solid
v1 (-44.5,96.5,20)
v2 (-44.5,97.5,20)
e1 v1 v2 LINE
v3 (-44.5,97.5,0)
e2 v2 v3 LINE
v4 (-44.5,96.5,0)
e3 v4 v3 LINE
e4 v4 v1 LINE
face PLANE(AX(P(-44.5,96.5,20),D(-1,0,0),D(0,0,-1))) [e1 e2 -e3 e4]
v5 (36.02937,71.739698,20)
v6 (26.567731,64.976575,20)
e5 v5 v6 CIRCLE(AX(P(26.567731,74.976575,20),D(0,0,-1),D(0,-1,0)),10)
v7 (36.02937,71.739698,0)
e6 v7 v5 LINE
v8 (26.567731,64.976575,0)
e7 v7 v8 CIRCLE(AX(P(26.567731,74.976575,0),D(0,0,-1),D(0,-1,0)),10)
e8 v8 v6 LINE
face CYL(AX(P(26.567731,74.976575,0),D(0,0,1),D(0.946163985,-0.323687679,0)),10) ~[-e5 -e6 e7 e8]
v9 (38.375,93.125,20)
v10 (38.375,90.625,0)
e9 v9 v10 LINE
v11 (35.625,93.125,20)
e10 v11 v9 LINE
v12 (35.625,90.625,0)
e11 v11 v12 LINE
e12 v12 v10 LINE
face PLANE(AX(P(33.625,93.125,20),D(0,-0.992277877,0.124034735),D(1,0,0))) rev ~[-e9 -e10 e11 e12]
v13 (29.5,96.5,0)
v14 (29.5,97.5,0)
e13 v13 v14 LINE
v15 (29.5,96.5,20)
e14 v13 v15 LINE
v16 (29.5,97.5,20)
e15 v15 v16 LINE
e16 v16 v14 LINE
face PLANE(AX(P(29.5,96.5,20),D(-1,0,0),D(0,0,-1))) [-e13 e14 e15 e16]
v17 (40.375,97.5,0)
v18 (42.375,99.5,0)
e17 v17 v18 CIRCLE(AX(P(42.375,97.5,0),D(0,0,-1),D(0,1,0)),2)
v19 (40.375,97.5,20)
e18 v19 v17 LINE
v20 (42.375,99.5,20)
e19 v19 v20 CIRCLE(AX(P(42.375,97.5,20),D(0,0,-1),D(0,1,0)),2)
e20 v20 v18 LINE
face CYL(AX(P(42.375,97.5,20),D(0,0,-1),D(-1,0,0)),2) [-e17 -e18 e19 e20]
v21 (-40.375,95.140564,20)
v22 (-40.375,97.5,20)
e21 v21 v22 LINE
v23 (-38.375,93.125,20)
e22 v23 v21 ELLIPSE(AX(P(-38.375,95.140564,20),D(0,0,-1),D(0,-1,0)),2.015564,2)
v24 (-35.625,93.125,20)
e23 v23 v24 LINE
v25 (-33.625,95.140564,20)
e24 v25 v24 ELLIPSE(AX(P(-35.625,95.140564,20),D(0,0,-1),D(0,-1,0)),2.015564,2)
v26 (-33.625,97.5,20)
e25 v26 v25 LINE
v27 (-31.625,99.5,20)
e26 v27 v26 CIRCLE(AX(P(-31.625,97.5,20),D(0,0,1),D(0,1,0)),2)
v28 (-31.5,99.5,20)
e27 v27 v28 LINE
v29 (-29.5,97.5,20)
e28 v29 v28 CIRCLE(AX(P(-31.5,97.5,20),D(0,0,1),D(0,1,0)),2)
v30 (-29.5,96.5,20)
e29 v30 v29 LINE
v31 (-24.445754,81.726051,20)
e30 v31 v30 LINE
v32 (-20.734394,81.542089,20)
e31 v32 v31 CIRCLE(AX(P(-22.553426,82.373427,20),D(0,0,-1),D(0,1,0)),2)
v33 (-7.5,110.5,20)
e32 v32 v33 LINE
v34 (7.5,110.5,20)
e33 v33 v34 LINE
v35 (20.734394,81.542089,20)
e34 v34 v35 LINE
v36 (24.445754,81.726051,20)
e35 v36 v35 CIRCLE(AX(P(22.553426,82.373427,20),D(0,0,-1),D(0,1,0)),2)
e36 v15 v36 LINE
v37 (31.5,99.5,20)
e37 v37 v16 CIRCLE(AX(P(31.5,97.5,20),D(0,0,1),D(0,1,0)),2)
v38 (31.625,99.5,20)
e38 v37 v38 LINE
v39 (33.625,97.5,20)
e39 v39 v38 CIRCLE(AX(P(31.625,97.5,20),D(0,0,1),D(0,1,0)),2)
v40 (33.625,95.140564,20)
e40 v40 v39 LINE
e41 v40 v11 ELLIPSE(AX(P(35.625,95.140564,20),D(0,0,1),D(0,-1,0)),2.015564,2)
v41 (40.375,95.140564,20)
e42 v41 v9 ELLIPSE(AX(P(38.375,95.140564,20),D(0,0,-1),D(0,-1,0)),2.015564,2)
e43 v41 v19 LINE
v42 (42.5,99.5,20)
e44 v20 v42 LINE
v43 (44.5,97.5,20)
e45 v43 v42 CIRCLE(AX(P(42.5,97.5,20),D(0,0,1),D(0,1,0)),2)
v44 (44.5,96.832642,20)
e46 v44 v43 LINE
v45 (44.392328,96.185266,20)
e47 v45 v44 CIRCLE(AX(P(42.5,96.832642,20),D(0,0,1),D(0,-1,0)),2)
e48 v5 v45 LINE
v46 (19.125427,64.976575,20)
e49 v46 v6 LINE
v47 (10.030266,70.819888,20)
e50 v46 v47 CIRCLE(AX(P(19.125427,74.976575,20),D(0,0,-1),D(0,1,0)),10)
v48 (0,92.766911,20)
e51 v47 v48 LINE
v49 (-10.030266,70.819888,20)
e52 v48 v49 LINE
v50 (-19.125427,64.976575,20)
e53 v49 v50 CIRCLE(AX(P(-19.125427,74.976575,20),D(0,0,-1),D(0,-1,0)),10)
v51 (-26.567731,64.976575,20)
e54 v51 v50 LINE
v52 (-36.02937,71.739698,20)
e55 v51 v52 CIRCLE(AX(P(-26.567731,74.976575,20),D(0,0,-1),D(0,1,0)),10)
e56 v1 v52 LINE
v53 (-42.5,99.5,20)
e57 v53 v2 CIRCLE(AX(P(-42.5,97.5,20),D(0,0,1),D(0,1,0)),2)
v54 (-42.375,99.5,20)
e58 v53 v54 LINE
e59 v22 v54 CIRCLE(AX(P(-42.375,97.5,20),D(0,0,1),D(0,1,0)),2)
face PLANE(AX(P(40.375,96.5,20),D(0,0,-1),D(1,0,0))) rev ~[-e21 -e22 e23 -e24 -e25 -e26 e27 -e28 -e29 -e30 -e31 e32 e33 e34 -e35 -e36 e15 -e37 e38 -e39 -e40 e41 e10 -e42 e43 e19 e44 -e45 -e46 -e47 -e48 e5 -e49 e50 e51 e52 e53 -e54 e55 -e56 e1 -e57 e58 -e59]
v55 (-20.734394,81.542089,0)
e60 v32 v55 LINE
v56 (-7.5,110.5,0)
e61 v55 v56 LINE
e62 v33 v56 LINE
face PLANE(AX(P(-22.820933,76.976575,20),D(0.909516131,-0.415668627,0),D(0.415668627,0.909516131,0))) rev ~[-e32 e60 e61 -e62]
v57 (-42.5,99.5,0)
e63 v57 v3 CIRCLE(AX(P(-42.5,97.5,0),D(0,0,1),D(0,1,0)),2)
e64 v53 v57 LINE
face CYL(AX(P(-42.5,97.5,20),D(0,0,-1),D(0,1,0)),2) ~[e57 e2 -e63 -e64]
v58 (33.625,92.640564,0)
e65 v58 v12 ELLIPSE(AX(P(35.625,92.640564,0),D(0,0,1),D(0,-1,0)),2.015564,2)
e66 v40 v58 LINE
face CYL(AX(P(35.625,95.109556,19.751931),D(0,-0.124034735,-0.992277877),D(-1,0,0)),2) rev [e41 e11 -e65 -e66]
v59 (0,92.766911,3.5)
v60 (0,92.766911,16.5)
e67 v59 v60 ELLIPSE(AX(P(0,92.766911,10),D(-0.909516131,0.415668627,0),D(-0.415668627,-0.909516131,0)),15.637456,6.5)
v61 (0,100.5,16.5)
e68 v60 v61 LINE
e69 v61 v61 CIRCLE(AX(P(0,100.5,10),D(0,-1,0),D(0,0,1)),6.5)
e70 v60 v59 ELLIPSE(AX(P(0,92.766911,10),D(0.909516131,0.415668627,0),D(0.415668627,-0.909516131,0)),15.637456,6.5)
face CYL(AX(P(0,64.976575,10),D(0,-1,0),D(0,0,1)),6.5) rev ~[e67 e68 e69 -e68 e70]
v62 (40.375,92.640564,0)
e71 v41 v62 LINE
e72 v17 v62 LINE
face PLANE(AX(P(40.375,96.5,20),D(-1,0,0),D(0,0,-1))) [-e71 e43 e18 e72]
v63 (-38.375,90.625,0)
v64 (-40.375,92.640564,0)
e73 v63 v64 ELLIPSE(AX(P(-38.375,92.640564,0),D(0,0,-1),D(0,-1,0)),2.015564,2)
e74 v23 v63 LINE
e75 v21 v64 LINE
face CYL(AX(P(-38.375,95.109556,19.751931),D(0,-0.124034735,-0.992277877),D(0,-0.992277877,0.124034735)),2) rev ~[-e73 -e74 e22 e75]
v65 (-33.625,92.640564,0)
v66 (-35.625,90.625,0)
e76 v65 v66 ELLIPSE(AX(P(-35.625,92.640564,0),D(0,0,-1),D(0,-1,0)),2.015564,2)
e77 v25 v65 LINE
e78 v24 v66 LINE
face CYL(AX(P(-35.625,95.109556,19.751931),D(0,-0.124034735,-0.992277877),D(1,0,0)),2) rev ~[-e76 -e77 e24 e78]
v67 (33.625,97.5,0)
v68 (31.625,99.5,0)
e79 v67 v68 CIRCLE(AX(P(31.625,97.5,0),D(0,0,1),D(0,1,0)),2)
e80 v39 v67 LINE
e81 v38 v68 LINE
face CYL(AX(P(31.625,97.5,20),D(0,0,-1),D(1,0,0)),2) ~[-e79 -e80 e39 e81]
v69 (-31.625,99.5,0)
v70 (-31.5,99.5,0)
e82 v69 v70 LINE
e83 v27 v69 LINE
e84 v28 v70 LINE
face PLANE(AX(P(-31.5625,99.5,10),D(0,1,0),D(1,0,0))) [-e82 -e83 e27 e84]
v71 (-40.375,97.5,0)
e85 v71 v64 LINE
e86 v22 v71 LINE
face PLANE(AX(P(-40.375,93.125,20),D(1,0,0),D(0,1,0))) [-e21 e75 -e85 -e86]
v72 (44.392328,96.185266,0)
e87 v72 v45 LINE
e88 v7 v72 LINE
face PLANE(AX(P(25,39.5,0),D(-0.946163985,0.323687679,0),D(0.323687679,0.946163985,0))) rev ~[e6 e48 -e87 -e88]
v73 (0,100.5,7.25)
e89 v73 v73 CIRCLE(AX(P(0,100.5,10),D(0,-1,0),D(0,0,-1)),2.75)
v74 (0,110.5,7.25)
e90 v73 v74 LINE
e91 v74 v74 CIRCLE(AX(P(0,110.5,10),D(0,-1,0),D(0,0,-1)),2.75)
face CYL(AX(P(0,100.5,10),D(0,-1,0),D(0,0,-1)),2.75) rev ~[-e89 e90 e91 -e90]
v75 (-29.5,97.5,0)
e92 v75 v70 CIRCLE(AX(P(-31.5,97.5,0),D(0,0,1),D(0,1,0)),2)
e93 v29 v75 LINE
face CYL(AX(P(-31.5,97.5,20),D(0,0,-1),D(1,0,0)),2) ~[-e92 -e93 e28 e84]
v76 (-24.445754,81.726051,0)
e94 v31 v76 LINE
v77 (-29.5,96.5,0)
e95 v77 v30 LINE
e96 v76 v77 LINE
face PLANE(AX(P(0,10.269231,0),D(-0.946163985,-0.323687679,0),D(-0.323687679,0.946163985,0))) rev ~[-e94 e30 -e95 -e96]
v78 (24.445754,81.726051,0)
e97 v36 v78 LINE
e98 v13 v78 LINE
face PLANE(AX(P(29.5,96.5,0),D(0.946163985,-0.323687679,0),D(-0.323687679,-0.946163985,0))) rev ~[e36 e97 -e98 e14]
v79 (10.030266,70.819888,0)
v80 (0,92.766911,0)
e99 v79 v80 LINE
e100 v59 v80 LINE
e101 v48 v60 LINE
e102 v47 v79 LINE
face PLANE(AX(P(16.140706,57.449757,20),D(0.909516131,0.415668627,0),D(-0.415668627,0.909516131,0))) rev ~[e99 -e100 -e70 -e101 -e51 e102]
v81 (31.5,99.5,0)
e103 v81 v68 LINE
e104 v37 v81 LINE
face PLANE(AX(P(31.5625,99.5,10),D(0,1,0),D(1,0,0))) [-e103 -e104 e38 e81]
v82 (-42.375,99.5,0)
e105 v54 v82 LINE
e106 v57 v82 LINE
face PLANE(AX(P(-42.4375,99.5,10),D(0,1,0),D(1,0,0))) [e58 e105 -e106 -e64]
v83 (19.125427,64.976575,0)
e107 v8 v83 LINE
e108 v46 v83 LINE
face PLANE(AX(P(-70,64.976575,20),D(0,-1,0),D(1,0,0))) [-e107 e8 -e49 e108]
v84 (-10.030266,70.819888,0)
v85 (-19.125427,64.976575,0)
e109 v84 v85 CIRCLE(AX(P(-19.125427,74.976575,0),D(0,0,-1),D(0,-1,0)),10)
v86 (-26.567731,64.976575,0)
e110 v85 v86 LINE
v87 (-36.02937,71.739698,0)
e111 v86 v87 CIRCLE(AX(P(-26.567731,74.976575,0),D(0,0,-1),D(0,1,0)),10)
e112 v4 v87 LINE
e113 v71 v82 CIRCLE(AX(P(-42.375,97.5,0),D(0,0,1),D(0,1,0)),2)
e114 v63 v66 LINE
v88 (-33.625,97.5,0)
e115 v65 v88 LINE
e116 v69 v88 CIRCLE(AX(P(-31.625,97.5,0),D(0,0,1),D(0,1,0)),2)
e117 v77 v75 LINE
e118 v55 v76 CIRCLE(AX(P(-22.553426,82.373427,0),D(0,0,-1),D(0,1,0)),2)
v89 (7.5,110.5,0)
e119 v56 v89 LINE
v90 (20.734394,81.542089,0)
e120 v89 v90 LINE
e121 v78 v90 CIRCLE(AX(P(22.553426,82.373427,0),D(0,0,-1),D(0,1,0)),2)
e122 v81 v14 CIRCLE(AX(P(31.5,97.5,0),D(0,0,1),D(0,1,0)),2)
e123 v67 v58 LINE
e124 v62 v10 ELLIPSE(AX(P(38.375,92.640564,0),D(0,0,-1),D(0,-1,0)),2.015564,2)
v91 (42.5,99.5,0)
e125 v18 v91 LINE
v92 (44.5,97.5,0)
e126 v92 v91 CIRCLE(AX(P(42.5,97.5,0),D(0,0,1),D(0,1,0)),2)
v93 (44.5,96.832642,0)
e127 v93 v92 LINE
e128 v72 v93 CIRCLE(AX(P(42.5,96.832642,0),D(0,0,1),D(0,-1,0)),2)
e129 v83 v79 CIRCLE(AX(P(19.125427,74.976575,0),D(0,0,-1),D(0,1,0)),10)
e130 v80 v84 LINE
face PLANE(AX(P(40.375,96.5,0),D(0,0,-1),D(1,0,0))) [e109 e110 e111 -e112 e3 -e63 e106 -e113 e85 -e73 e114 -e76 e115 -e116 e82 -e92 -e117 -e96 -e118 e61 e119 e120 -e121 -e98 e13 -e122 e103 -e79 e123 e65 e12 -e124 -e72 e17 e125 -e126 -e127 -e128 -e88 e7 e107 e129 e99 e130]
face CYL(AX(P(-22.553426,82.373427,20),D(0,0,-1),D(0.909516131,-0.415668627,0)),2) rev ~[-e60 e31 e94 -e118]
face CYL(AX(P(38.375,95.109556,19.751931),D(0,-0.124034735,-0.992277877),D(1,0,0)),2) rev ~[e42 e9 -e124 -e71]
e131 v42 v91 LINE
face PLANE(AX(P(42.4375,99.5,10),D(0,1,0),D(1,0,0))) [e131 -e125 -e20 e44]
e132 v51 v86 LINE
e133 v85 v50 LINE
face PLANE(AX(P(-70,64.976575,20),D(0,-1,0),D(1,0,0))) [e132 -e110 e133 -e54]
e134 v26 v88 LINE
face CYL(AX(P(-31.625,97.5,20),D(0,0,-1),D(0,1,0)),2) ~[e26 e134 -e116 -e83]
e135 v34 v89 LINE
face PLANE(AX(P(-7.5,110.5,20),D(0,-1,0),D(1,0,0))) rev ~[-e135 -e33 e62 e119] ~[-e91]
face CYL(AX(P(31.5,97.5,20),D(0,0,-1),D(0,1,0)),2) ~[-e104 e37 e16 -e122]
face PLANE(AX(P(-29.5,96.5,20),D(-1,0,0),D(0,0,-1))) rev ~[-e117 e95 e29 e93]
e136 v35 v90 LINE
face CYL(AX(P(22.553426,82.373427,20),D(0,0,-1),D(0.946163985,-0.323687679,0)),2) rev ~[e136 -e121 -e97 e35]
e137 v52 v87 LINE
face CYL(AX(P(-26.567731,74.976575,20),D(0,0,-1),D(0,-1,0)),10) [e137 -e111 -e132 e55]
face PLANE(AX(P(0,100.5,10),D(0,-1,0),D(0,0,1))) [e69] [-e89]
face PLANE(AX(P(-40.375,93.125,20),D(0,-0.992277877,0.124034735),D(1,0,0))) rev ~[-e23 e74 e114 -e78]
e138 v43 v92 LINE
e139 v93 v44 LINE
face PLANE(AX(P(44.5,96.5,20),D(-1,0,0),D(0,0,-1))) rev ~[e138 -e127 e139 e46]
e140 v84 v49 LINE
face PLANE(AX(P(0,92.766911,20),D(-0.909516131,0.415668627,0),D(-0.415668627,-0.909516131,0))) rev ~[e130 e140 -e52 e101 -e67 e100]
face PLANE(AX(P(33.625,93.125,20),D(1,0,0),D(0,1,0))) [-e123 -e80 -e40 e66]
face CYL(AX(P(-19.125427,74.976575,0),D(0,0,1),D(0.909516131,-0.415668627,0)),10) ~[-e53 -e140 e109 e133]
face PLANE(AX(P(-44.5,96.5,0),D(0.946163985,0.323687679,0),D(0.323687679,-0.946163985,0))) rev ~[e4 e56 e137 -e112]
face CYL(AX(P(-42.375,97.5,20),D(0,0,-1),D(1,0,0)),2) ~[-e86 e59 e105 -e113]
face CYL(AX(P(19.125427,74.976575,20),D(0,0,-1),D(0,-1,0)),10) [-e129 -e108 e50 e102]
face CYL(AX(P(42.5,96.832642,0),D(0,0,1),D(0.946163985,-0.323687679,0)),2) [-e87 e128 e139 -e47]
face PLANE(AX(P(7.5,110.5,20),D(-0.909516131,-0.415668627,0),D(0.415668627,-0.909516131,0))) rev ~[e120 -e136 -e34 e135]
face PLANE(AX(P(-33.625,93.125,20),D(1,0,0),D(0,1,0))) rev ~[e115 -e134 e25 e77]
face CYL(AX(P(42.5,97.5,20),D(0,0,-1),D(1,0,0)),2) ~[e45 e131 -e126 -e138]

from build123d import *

# Parameters (mm, degrees)
SKETCH1_R           = 4
BOSS_EXTRUDE1_DEPTH = 20
FILLET1_R           = 10
SKETCH2_W           = 6.75
SKETCH2_H           = 6.75
CUT_EXTRUDE1_DEPTH  = 122.829645635
SKETCH3_W           = 4.125
SKETCH3_H           = 20
BOSS_EXTRUDE2_DEPTH = 3
FILLET2_R           = 2
BOSS_EXTRUDE3_DEPTH = 20
SKETCH6_W           = 140
SKETCH6_H           = 64.976574758
CUT_EXTRUDE3_DEPTH  = 133.326301241
SKETCH7_R           = 6.5
CUT_EXTRUDE4_DEPTH  = 35.523425242
FILLET5_R           = 2
FILLET6_R           = 10
SKETCH8_R           = 2.75
CUT_EXTRUDE5_DEPTH  = 61.35034168


with BuildPart() as part:
    # Sketch1 → Boss-Extrude1 (new body)
    with BuildSketch(Plane.XY):
        with BuildLine():
            Line((-70, 0), (70, 0))
            Line((70, 0), (70, 12))
            ThreePointArc((70, 12), (66.338834765, 20.838834765), (57.5, 24.5))
            Line((57.5, 24.5), (25, 24.5))
            Line((25, 24.5), (25, 39.5))
            Line((25, 39.5), (44.5, 96.5))
            Line((44.5, 96.5), (29.5, 96.5))
            Line((29.5, 96.5), (0, 10.269230769))
            Line((0, 10.269230769), (-29.5, 96.5))
            Line((-29.5, 96.5), (-44.5, 96.5))
            Line((-44.5, 96.5), (-25, 39.5))
            Line((-25, 39.5), (-25, 24.5))
            Line((-25, 24.5), (-57.5, 24.5))
            ThreePointArc((-57.5, 24.5), (-66.338834765, 20.838834765), (-70, 12))
            Line((-70, 12), (-70, 0))
        make_face()
        with Locations((-57.5, 12)):
            Circle(SKETCH1_R, mode=Mode.SUBTRACT)
        with Locations(Location((57.5, 12, 0), (0, 0, 180))):
            Circle(SKETCH1_R, mode=Mode.SUBTRACT)
    extrude(amount=BOSS_EXTRUDE1_DEPTH)

    # Fillet1
    fillet1_edges = [part.edges().sort_by_distance(p)[0] for p in [
        (25, 39.5, 10),
        (25, 24.5, 10),
        (-25, 24.5, 10),
        (-25, 39.5, 10),
        (0, 10.269230769, 10),
    ]]
    fillet(fillet1_edges, radius=FILLET1_R)

    # Sketch2 → Cut-Extrude1 (cut, through all, along a direction that is not the sketch's normal)
    with BuildSketch(Plane.XY.offset(20)):
        with Locations((37, 96.5)):
            Rectangle(SKETCH2_W, SKETCH2_H)
        with Locations((-37, 96.5)):
            Rectangle(SKETCH2_W, SKETCH2_H)
    extrude(amount=-CUT_EXTRUDE1_DEPTH, dir=(0, 0.12403473458920856, 0.9922778767136676), mode=Mode.SUBTRACT)

    # Sketch3 → Boss-Extrude2 (add)
    with BuildSketch(Plane(origin=(0, 96.5, 0), x_dir=(1, 0, 0), z_dir=(0, 1, 0))):
        with Locations((42.4375, -10)):
            Rectangle(SKETCH3_W, SKETCH3_H)
        with Locations((31.5625, -10)):
            Rectangle(SKETCH3_W, SKETCH3_H)
        with Locations((-31.5625, -10)):
            Rectangle(SKETCH3_W, SKETCH3_H)
        with Locations((-42.4375, -10)):
            Rectangle(SKETCH3_W, SKETCH3_H)
    extrude(amount=BOSS_EXTRUDE2_DEPTH)

    # Fillet2
    fillet2_edges = [part.edges().sort_by_distance(p)[0] for p in [
        (40.375, 91.875, 10),
        (33.625, 91.875, 10),
        (44.5, 99.5, 10),
        (40.375, 99.5, 10),
        (29.5, 99.5, 10),
        (33.625, 99.5, 10),
        (-29.5, 99.5, 10),
        (-33.625, 99.5, 10),
        (-44.5, 99.5, 10),
        (-40.375, 99.5, 10),
        (44.5, 96.5, 10),
        (-33.625, 91.875, 10),
        (-40.375, 91.875, 10),
    ]]
    fillet(fillet2_edges, radius=FILLET2_R)

    # Sketch4 → Boss-Extrude3 (add)
    with BuildSketch(Plane.XY.offset(20)):
        Polygon((-22.82093347, 76.976574758), (-7.5, 110.5), (7.5, 110.5), (22.82093347, 76.976574758), (16.14070638, 57.44975711), (0, 92.766910908), (-16.14070638, 57.44975711), align=None)
    extrude(amount=-BOSS_EXTRUDE3_DEPTH)

    # Sketch6 → Cut-Extrude3 (cut, through all)
    with BuildSketch(Plane.XY.offset(20)):
        with Locations((0, 32.488287379)):
            Rectangle(SKETCH6_W, SKETCH6_H)
    extrude(amount=-CUT_EXTRUDE3_DEPTH, mode=Mode.SUBTRACT)

    # Sketch7 → Cut-Extrude4 (cut)
    with BuildSketch(Plane.XZ.offset(-64.976574758)):
        with Locations(Location((0, 10, 0), (0, 0, 90))):
            Circle(SKETCH7_R)
    extrude(amount=-CUT_EXTRUDE4_DEPTH, mode=Mode.SUBTRACT)

    # Fillet5
    fillet5_edges = [part.edges().sort_by_distance(p)[0] for p in [
        (22.82093347, 76.976574758, 10),
        (-22.82093347, 76.976574758, 10),
    ]]
    fillet(fillet5_edges, radius=FILLET5_R)

    # Fillet6
    fillet6_edges = [part.edges().sort_by_distance(p)[0] for p in [
        (12.700787231, 64.976574758, 10),
        (-33.715670312, 64.976574758, 10),
        (33.715670312, 64.976574758, 10),
        (-12.700787231, 64.976574758, 10),
    ]]
    fillet(fillet6_edges, radius=FILLET6_R)

    # Sketch8 → Cut-Extrude5 (cut, through all)
    with BuildSketch(Plane.XZ.offset(-100.5)):
        with Locations(Location((0, 10, 0), (0, 0, 270))):
            Circle(SKETCH8_R)
    extrude(amount=-CUT_EXTRUDE5_DEPTH, mode=Mode.SUBTRACT)


solid = part.part
